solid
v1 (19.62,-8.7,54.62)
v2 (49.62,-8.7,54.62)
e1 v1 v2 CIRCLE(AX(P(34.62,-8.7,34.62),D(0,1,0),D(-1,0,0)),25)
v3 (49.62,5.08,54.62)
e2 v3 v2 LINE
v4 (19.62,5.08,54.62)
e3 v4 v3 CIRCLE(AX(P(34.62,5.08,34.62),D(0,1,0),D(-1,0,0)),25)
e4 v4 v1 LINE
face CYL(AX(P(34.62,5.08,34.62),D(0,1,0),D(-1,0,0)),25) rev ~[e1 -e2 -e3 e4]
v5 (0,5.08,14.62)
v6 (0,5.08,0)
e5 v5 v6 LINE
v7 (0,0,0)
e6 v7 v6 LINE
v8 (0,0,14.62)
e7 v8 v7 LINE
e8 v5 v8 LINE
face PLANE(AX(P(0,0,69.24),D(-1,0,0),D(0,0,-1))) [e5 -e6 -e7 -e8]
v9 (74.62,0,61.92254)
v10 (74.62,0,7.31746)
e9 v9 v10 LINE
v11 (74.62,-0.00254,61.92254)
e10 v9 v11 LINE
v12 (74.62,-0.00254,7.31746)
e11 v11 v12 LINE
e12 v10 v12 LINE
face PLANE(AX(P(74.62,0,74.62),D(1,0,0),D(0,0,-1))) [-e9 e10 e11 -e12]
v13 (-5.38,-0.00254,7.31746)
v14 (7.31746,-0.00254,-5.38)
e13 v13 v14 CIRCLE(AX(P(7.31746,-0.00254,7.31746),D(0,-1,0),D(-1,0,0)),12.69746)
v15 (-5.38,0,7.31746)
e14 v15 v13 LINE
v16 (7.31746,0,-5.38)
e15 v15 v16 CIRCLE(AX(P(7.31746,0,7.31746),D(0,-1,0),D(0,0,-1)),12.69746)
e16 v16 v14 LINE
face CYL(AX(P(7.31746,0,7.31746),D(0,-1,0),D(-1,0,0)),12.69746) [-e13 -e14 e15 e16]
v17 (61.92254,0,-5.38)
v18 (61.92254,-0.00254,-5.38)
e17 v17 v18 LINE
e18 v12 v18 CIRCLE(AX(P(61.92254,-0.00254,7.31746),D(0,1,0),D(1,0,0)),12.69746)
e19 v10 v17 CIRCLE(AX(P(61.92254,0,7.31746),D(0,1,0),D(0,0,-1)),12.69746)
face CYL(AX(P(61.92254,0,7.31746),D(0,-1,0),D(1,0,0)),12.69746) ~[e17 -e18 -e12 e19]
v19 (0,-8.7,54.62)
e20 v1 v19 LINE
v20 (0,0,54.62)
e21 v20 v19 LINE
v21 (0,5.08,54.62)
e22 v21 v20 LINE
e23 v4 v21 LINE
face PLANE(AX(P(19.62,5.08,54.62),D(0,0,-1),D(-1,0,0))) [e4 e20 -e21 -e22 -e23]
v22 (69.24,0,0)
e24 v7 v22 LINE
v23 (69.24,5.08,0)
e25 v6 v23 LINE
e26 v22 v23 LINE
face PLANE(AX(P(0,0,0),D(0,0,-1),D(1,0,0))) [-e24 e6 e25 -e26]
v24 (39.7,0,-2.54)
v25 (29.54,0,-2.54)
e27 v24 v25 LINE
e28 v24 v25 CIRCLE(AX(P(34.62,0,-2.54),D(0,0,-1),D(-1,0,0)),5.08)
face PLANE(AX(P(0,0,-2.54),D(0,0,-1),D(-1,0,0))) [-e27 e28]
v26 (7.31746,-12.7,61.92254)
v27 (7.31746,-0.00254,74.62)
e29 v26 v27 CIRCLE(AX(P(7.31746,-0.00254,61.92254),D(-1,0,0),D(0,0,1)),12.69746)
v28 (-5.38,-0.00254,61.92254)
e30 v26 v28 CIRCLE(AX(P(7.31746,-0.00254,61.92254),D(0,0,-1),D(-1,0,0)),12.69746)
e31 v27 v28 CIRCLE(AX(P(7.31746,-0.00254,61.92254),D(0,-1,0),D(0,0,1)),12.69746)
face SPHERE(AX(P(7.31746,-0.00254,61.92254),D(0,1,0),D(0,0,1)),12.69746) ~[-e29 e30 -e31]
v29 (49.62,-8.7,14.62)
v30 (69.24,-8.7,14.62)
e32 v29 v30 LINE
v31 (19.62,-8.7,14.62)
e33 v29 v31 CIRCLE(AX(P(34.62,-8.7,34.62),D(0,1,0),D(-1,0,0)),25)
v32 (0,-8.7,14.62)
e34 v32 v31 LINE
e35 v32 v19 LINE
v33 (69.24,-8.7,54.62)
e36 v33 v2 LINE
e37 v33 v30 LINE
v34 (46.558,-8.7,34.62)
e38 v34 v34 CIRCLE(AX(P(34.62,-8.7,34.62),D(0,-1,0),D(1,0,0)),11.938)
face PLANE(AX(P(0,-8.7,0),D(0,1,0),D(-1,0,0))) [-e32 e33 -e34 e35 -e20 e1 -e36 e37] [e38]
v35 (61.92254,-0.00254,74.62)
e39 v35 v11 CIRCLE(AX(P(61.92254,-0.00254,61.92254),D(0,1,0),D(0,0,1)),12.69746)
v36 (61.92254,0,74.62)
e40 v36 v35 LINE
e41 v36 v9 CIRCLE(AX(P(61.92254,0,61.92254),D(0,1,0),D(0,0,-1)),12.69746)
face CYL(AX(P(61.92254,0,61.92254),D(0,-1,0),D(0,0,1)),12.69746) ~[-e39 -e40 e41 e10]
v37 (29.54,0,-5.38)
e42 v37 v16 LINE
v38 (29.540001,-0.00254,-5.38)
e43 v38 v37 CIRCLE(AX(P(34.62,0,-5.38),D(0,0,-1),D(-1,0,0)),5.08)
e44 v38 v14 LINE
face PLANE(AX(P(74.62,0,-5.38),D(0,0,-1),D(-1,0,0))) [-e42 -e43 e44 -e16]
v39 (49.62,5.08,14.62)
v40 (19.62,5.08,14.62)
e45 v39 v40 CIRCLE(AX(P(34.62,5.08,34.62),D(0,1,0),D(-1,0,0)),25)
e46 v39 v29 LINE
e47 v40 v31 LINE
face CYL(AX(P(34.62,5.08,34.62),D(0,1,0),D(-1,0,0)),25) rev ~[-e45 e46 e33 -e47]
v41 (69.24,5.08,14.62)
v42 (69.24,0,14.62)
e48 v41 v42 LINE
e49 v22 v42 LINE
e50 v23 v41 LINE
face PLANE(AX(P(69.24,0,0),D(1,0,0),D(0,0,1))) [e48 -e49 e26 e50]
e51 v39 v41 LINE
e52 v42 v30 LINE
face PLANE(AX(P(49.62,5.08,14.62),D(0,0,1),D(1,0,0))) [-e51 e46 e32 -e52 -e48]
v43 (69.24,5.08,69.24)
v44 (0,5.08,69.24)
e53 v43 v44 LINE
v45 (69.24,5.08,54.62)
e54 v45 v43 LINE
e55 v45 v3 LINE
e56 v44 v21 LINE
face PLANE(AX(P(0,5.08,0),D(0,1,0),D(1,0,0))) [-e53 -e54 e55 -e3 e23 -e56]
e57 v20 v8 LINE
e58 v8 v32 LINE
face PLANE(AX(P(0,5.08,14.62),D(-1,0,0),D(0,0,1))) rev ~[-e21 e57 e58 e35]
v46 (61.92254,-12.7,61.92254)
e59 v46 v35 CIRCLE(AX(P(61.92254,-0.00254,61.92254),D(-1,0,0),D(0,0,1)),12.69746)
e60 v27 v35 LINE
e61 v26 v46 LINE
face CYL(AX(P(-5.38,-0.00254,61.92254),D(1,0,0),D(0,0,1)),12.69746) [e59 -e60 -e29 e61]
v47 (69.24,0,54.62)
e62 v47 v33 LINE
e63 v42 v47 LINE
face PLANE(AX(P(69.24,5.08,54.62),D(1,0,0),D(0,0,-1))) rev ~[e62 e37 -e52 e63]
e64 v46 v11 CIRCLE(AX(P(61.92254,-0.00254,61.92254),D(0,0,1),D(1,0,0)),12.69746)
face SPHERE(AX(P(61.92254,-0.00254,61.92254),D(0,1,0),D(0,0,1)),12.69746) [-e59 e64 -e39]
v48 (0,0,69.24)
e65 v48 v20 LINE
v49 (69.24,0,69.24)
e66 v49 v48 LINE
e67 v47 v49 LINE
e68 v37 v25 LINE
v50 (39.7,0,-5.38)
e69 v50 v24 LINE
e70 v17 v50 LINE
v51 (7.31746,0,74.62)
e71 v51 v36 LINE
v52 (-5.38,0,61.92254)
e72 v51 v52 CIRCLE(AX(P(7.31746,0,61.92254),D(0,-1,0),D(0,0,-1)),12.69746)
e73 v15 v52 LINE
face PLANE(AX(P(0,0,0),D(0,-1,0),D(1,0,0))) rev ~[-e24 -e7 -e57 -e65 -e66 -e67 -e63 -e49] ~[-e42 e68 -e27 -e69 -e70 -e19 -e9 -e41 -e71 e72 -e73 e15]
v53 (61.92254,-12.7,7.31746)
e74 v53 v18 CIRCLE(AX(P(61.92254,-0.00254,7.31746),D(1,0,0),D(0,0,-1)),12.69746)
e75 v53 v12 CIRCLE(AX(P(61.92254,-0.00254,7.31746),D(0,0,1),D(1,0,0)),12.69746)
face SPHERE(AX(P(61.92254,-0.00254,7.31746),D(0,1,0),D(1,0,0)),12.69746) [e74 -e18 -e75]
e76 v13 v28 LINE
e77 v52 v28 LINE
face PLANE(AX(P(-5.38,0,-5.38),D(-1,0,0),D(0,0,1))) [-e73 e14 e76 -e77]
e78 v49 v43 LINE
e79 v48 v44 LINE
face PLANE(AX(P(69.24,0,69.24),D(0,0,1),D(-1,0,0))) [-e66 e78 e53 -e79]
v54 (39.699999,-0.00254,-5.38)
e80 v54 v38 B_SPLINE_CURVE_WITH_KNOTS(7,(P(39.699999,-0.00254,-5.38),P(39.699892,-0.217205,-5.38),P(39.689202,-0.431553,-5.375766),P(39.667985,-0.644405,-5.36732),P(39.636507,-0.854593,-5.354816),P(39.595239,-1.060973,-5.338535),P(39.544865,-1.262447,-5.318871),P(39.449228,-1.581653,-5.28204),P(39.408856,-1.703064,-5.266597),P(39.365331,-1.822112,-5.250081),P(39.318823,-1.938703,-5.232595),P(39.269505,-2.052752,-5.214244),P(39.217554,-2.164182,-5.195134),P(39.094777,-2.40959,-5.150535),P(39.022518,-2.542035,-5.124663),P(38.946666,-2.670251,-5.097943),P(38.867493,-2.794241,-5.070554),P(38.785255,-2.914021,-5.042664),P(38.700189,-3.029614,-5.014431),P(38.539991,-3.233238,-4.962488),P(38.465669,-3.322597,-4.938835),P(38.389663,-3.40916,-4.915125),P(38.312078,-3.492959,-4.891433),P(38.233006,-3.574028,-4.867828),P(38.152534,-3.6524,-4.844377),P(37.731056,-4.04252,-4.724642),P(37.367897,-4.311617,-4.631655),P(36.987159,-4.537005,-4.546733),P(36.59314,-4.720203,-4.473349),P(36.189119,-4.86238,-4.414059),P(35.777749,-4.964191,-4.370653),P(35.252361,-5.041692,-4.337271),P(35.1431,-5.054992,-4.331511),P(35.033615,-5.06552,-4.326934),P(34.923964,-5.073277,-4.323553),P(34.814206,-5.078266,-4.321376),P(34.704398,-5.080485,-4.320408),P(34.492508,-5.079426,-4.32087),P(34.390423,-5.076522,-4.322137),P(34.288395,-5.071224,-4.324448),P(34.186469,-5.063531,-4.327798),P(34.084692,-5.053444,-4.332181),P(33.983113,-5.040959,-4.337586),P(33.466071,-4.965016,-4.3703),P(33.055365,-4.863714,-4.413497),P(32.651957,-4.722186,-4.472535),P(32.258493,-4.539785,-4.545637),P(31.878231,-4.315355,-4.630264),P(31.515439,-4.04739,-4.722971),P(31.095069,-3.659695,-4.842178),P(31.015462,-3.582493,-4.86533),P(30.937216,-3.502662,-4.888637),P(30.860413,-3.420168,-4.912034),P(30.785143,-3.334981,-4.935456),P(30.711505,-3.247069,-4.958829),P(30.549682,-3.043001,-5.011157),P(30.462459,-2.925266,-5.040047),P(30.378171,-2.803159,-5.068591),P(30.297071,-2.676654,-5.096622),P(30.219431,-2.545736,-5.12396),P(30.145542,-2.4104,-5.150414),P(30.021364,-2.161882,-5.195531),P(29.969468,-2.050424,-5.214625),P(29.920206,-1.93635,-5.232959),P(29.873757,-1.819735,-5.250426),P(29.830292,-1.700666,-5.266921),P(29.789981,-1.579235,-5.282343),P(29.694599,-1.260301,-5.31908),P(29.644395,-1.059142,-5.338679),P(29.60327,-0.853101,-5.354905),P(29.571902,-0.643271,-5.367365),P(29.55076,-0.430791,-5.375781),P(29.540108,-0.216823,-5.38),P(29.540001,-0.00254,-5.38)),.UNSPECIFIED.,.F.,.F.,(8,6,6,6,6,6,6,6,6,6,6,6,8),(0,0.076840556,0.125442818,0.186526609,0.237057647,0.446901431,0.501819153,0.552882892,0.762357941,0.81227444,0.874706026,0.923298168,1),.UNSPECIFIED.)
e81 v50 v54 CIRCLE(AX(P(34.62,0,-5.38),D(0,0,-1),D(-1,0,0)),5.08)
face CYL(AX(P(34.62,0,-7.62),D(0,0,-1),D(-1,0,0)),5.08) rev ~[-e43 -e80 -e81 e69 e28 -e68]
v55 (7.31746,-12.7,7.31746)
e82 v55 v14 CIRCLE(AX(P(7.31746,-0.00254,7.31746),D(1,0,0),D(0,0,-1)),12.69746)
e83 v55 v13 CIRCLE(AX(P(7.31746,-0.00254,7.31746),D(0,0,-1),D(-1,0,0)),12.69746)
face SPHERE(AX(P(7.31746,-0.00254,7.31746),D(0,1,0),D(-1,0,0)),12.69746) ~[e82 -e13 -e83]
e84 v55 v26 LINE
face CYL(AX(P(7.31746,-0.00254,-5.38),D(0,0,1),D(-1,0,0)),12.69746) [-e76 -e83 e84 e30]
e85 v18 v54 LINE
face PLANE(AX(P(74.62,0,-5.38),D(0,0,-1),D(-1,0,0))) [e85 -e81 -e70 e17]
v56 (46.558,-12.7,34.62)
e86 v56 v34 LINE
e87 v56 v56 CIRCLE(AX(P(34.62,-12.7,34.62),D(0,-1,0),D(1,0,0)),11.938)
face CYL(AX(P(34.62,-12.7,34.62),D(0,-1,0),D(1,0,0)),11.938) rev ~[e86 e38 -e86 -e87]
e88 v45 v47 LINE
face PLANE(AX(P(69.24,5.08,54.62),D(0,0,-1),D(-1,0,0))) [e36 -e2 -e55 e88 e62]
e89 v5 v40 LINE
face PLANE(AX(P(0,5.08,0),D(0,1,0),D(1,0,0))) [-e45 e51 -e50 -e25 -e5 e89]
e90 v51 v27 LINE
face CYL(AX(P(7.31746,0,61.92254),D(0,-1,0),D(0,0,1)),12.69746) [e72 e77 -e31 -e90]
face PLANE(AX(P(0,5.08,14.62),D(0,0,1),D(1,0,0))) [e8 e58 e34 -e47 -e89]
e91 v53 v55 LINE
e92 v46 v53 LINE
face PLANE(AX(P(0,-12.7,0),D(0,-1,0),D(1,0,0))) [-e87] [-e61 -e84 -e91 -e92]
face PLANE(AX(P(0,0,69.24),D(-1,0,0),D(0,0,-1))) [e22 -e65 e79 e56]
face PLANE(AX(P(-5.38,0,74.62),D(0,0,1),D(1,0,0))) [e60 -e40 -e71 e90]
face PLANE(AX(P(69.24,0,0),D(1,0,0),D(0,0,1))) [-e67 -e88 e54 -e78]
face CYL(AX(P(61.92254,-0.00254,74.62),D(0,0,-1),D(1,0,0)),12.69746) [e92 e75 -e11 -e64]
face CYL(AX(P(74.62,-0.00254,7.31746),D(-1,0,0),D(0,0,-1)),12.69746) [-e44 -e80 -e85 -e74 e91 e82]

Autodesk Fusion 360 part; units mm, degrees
sketch "Sketch1" plane through (0, 0, 0) normal (0, 1, 0) x (1, 0, 0)
  line L0 (0, 0) -> (69.24, 0)
  line L1 (69.24, 0) -> (69.24, -69.24)
  line L2 (69.24, -69.24) -> (0, -69.24)
  line L3 (0, -69.24) -> (0, 0)
  dimension "d1" = 69.24
  dimension "d2" = 69.24
extrude "Extrude1" add sketch "Sketch1" along normal blind 5.08
sketch "Sketch2" plane through (0, 0, 0) normal (0, -1, 0) x (1, 0, 0)
  line L0 (69.24, 69.24) -> (0, 69.24)
  line L1 (0, 69.24) -> (0, 0)
  line L2 (0, 0) -> (69.24, 0)
  line L3 (69.24, 0) -> (69.24, 69.24)
  line L4 (-5.38, 74.62) -> (74.62, 74.62)
  line L5 (74.62, 74.62) -> (74.62, -5.38)
  line L6 (74.62, -5.38) -> (-5.38, -5.38)
  line L7 (-5.38, -5.38) -> (-5.38, 74.62)
  point P0 (34.62, 69.24)
  point P1 (34.62, 74.62)
  point P2 (0, 34.62)
  point P3 (-5.38, 34.62)
  dimension "d5" = 80
  dimension "d6" = 80
extrude "Extrude2" add sketch "Sketch2" along normal blind 12.7 contours L0 L1 L2 L3 | L4 L5 L6 L7
fillet "Fillet1" radius 12.7 8 edges at (-5.38, -6.35, 74.62) (74.62, -6.35, 74.62) (74.62, -6.35, -5.38) (-5.38, -6.35, -5.38) (34.62, -12.7, 74.62) (-5.38, -12.7, 34.62) (74.62, -12.7, 34.62) (34.62, -12.7, -5.38)
sketch "Sketch4" plane through (0, -12.7, 0) normal (0, -1, 0) x (1, 0, 0)
  line L0 (7.32, 7.32) -> (61.92, 7.32)
  line L1 (61.92, 7.32) -> (61.92, 61.92)
  line L2 (61.92, 61.92) -> (7.32, 61.92)
  line L3 (7.32, 61.92) -> (7.32, 7.32)
  circle A0 centre (34.62, 34.62) radius 11.938
  dimension "d18" = 23.876
extrude "Extrude4" cut sketch "Sketch4" against normal up to surface (17.78 mm away) contours A0
sketch "Sketch5" plane through (0, 5.08, 0) normal (0, 1, 0) x (-1, 0, 0)
  circle A0 centre (-34.62, 34.62) radius 11.938
  line L0 (0, 69.24) -> (-69.24, 69.24)
  line L1 (-69.24, 69.24) -> (-69.24, 0)
  line L2 (-69.24, 0) -> (0, 0)
  line L3 (0, 0) -> (0, 69.24)
  circle A1 centre (-34.62, 34.62) radius 25
  line L4 (-69.24, 54.62) -> (0, 54.62)
  line L5 (0, 54.62) -> (0, 14.62)
  line L6 (0, 14.62) -> (-69.24, 14.62)
  line L7 (-69.24, 14.62) -> (-69.24, 54.62)
  line L8 (-69.24, 54.62) -> (0, 14.62) construction
  line L9 (0, 54.62) -> (-69.24, 14.62) construction
  point P0 (-34.62, 34.62)
  dimension "d21" = 50
  dimension "d24" = 40
extrude "Extrude5" cut sketch "Sketch5" against normal blind 13.78 contours L3 A1 L4 L5 L6 | L1 A1 L4 L6 L7 | A1 L4 | A1 L4 L6 | A1 L6
ref_plane "WorkPlane2" through (34.62, 2.54, -7.62) normal (0, 0, -1) x (-1, 0, 0)
sketch "Sketch7" plane through (0, 0, -7.62) normal (0, 0, -1) x (-1, 0, 0)
  line L0 (-61.92, 0) -> (-7.32, 0)
  circle A0 centre (-34.62, 0) radius 5.08
  dimension "d28" = 10.16
extrude "Extrude6" cut sketch "Sketch7" against normal blind 5.08 contours L0 A0 picked at (-34.2432, -1.6509)
equation "d1 = 8 cm - 0.4 in - 0.6 mm"
equation "d2 = 8 cm - 0.4 in - 0.6 mm"
equation "d22 = -( 0.7 in - 0.4 cm )"
